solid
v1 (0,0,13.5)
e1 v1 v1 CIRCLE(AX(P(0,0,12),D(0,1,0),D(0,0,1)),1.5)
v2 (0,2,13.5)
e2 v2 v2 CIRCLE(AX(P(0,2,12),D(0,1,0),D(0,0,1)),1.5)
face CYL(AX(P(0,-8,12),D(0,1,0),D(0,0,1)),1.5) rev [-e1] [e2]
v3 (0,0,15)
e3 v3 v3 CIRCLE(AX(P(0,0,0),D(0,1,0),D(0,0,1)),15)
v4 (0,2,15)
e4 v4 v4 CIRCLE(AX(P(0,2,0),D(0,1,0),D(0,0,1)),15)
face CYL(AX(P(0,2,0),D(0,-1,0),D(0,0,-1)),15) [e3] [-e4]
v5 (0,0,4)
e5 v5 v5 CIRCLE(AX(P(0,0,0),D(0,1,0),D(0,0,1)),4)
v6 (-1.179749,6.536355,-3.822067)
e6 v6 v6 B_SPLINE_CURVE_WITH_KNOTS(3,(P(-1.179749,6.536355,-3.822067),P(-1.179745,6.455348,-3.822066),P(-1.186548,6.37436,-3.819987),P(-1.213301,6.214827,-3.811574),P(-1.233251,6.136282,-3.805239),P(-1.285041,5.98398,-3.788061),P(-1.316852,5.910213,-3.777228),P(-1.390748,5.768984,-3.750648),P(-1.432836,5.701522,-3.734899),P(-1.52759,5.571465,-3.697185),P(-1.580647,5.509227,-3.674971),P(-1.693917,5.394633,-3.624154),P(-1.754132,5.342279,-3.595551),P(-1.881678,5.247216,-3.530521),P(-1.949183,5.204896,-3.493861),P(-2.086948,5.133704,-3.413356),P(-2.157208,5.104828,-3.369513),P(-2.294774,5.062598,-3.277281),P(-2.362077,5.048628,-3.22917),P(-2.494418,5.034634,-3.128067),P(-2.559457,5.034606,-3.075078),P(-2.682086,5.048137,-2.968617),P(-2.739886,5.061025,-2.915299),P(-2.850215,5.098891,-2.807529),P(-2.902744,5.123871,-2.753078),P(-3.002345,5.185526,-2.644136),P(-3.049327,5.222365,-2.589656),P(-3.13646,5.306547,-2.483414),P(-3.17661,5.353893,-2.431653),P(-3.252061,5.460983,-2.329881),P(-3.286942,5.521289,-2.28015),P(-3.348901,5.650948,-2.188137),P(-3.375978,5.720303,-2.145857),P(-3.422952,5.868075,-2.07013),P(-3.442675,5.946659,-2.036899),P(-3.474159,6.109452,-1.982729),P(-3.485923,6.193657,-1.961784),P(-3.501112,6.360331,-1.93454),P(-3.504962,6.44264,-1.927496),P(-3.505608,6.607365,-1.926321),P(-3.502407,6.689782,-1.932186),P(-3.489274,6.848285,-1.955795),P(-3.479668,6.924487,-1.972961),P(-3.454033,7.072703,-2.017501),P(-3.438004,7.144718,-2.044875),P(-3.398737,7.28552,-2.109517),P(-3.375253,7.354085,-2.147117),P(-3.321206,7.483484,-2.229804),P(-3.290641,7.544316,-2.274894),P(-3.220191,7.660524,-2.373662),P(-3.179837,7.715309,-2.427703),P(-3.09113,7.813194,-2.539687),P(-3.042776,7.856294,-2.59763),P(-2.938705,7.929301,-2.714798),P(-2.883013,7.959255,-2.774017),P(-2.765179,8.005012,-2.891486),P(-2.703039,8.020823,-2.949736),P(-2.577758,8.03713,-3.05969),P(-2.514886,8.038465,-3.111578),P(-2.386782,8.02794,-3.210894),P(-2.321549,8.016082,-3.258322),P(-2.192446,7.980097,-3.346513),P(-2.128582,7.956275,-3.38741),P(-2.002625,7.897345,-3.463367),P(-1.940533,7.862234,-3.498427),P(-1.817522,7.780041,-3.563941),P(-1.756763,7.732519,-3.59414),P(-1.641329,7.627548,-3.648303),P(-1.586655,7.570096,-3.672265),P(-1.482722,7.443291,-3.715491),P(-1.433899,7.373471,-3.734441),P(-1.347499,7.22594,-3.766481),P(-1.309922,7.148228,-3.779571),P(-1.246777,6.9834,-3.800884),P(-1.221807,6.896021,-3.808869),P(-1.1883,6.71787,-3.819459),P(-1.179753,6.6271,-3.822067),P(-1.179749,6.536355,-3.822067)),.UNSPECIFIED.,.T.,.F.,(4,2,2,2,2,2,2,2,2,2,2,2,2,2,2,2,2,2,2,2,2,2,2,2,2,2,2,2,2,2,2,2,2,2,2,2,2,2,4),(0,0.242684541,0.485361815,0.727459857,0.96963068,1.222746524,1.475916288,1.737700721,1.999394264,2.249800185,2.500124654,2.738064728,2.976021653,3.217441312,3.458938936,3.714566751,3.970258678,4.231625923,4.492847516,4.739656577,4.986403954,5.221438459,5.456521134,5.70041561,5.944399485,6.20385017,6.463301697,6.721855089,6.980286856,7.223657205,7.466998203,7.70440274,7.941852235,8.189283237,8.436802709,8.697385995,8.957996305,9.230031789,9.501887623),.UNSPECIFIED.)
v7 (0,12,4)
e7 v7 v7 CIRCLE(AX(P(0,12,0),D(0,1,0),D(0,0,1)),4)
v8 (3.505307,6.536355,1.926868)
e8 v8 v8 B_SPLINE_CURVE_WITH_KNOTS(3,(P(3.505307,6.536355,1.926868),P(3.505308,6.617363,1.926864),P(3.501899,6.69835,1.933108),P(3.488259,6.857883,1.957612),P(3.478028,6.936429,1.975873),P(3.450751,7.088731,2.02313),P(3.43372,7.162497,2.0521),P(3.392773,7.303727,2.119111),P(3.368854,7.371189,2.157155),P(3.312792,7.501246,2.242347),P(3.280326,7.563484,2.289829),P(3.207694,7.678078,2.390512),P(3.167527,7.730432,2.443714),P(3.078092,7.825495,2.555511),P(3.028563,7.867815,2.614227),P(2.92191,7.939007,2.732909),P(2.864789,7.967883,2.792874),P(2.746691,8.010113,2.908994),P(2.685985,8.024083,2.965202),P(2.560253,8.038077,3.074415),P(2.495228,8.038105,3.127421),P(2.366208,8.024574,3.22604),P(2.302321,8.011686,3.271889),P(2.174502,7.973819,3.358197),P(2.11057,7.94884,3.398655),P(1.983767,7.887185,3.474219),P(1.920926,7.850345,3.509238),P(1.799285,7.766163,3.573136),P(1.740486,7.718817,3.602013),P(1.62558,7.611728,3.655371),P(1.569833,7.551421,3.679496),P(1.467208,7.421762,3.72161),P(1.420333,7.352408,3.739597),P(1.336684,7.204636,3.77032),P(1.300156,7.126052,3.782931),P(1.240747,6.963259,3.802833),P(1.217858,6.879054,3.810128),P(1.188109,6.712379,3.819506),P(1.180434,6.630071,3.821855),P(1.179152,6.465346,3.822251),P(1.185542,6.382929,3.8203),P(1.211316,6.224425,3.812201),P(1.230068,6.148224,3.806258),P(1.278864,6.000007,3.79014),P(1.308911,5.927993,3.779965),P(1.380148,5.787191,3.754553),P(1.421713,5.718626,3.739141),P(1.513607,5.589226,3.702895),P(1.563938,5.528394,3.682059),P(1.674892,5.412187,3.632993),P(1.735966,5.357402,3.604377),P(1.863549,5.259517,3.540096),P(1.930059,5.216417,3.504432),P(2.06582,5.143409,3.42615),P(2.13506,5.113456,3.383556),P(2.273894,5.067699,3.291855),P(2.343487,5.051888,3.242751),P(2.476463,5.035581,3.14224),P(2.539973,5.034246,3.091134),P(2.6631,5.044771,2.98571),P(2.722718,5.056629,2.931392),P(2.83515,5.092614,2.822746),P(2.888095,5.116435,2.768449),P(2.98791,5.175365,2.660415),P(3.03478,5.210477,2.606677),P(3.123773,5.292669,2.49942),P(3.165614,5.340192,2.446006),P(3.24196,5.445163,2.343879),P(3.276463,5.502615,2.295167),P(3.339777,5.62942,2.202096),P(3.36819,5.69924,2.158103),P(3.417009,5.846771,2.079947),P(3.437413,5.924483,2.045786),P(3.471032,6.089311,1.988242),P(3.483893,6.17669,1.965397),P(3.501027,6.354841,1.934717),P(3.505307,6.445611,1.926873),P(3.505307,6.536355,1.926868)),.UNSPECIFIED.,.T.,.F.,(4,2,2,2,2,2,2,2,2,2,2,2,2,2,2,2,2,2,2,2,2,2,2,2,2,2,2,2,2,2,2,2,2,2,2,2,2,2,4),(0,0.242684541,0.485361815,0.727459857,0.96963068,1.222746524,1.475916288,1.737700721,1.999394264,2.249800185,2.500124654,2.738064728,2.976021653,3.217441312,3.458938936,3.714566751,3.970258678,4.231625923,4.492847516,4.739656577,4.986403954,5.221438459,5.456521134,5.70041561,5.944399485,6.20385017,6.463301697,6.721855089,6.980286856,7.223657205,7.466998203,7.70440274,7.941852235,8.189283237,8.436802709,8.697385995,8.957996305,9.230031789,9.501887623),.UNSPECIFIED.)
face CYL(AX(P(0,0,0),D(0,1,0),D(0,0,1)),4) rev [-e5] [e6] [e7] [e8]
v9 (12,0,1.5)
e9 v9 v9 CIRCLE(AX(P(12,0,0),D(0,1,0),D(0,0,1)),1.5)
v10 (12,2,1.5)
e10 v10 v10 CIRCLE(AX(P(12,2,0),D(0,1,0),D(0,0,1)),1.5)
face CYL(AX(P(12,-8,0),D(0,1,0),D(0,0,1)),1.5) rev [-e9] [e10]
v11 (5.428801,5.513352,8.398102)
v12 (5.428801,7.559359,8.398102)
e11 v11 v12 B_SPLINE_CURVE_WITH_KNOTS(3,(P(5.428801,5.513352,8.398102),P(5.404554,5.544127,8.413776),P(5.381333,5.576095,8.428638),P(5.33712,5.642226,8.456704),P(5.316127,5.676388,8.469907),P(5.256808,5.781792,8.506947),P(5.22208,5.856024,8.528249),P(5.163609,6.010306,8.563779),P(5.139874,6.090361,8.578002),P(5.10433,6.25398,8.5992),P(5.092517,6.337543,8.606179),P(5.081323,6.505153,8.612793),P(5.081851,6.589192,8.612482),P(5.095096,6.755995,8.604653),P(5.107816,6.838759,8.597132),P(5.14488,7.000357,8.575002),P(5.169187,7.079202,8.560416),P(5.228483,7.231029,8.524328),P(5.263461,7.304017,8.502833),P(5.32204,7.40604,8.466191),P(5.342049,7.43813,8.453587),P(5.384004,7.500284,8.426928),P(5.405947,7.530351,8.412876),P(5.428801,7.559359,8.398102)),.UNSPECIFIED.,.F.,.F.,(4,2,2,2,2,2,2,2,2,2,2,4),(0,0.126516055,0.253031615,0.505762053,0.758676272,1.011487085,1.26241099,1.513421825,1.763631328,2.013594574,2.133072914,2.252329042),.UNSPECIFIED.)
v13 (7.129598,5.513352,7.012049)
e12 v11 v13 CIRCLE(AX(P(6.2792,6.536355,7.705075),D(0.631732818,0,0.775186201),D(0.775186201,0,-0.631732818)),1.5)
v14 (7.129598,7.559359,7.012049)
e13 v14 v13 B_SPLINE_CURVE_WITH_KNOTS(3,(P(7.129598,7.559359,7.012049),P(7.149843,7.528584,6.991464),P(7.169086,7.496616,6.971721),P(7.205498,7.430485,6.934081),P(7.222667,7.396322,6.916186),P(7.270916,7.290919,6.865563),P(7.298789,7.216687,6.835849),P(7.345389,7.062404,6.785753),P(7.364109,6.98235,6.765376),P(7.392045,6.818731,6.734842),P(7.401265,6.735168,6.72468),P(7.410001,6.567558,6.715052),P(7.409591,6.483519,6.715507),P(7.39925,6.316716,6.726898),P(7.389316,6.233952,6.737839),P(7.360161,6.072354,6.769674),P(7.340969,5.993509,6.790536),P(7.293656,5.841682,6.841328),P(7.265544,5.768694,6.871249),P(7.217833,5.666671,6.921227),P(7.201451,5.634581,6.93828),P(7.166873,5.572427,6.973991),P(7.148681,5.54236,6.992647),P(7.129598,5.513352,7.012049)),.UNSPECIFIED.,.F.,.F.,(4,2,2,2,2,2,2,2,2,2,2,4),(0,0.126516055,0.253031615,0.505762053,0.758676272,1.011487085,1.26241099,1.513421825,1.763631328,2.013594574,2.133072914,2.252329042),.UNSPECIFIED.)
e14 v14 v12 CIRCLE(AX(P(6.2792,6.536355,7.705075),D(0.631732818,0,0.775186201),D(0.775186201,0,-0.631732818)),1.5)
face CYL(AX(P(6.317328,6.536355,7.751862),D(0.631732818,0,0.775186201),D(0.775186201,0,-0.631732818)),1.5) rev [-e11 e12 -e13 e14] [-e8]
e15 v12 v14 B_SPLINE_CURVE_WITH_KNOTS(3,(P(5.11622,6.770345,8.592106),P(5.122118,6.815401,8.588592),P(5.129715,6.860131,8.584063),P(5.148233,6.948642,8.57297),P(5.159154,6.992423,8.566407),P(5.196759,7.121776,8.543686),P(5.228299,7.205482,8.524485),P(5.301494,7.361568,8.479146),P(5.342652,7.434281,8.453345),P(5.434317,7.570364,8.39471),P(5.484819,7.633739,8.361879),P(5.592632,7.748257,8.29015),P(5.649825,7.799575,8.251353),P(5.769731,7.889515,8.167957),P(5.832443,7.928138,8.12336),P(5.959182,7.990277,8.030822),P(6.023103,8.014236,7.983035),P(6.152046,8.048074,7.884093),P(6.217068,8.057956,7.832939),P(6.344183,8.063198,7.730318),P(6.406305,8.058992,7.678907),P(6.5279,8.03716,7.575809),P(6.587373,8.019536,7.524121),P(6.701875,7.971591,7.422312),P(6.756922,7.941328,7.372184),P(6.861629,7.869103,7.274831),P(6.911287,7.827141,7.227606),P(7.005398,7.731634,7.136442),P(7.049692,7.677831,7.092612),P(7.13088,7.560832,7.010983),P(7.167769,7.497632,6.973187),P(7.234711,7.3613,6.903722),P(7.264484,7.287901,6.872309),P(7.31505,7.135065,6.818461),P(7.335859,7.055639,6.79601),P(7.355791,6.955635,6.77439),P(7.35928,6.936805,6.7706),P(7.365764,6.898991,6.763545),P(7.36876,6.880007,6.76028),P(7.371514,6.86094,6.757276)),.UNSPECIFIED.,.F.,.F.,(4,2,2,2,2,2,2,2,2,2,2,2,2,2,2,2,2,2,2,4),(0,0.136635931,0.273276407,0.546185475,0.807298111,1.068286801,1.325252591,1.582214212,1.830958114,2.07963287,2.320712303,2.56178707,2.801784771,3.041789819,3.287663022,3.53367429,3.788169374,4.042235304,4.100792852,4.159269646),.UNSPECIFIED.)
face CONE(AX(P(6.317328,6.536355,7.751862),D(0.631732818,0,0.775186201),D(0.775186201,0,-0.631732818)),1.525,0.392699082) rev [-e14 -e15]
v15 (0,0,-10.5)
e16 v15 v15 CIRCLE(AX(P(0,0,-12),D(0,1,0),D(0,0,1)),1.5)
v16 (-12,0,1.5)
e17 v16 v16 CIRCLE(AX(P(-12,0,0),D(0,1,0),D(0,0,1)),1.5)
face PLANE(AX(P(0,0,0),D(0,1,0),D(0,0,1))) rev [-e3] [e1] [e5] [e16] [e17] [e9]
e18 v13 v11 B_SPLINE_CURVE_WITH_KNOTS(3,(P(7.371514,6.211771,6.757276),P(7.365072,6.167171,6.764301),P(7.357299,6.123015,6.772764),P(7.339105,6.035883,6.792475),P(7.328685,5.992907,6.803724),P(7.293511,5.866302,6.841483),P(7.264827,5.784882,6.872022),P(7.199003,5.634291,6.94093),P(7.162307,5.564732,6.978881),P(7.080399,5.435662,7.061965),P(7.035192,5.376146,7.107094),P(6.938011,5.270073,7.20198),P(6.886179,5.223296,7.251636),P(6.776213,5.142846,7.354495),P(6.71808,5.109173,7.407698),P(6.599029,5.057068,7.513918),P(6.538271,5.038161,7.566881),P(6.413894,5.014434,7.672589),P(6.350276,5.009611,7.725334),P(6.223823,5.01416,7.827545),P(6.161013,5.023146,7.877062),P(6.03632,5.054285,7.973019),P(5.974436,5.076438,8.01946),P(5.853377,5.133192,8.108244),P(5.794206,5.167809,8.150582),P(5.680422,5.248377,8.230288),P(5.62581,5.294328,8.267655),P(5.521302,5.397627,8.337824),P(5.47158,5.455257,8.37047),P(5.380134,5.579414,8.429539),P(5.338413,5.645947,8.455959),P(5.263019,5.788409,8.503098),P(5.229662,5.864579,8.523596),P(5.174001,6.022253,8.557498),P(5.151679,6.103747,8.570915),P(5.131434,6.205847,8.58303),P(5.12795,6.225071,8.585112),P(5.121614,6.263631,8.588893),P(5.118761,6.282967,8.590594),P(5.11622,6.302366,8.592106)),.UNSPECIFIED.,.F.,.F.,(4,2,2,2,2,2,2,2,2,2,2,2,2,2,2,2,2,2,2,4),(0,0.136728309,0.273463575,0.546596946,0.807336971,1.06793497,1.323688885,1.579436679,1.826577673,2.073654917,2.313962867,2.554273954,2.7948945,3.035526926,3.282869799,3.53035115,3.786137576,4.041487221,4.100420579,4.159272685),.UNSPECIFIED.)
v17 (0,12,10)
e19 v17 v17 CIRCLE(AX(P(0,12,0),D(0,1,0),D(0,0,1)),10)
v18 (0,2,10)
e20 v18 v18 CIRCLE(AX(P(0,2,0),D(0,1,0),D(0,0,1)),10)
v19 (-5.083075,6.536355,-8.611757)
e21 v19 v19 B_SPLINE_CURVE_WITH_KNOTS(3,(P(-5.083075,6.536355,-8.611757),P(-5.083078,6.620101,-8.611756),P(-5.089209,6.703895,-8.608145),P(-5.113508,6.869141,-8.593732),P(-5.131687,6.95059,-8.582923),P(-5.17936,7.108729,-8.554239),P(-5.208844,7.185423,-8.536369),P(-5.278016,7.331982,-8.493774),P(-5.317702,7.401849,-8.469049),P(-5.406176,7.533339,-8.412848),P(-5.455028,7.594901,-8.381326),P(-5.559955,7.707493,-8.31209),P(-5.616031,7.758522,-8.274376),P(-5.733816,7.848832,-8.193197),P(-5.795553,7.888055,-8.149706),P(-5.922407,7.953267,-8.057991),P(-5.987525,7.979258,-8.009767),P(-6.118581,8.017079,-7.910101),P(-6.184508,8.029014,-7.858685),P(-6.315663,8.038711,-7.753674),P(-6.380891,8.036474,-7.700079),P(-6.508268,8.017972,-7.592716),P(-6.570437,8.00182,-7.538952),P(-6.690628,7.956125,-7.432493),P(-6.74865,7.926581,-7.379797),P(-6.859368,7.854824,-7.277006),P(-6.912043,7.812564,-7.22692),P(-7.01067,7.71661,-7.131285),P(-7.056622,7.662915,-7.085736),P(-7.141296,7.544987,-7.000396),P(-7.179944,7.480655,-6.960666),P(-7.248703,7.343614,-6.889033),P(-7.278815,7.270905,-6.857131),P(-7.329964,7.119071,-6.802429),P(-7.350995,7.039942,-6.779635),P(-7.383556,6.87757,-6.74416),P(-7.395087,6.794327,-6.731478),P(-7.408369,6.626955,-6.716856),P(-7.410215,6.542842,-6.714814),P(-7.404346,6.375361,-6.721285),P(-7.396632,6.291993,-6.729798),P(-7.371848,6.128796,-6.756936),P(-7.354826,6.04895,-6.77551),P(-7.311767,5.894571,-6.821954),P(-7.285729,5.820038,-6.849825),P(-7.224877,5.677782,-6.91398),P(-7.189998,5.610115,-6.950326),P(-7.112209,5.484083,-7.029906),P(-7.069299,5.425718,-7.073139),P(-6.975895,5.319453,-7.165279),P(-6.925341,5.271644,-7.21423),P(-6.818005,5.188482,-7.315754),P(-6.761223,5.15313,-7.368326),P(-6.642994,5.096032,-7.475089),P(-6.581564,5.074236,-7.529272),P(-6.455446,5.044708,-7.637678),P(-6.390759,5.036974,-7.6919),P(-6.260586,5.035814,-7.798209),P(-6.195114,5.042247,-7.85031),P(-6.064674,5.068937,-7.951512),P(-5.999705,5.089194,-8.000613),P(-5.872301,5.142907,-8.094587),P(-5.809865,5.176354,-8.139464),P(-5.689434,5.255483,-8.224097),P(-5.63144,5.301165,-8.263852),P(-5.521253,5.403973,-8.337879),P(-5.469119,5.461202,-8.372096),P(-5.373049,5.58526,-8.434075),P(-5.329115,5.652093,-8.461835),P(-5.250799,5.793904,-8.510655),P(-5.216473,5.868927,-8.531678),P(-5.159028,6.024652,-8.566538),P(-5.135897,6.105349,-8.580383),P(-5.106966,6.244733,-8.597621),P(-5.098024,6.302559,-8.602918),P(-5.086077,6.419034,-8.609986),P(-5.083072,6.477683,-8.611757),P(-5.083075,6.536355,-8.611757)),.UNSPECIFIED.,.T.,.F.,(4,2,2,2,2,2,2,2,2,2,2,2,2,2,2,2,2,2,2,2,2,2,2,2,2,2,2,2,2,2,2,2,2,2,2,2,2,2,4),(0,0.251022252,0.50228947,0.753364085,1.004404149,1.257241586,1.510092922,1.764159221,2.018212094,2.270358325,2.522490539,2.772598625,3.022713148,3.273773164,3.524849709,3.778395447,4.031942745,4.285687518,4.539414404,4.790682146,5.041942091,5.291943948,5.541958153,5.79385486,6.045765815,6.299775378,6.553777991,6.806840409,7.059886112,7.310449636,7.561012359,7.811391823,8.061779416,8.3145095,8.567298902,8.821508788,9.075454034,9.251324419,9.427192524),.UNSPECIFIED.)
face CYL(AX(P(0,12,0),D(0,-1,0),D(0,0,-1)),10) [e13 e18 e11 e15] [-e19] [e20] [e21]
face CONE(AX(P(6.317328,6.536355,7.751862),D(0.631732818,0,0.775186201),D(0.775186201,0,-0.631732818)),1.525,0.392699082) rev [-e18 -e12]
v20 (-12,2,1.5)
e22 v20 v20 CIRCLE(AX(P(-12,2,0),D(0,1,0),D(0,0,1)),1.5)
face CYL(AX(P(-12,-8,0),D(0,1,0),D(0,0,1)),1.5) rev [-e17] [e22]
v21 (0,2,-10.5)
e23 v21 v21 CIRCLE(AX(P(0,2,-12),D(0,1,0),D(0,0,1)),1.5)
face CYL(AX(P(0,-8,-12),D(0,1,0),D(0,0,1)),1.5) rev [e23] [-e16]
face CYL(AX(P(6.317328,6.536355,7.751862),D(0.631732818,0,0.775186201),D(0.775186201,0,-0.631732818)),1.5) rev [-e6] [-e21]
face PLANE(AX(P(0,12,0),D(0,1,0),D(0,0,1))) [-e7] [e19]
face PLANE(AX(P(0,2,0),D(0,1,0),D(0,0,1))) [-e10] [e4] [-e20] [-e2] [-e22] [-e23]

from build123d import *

# Parameters (mm, degrees)
SKETCH1_R                          = 15
BOSS_EXTRUDE1_DEPTH                = 2
SKETCH2_R                          = 10
BOSS_EXTRUDE2_DEPTH                = 10
SKETCH3_R                          = 4
CUT_EXTRUDE1_DEPTH                 = 25.372115214
SKETCH4_R                          = 1.5
CUT_EXTRUDE2_DEPTH                 = 10
F_3_0_3_DIAMETER_HOLE2_D           = 3
F_3_0_3_DIAMETER_HOLE2_CSINK_D     = 3.05
F_3_0_3_DIAMETER_HOLE2_CSINK_ANGLE = 45


with BuildPart() as part:
    # Sketch1 → Boss-Extrude1 (new body)
    with BuildSketch(Plane(origin=(0, 0, 0), x_dir=(1, 0, 0), z_dir=(0, 1, 0))):
        with Locations(Location((0, 0, 0), (0, 0, 270))):
            Circle(SKETCH1_R)
    extrude(amount=BOSS_EXTRUDE1_DEPTH)

    # Sketch2 → Boss-Extrude2 (add)
    with BuildSketch(Plane(origin=(0, 2, 0), x_dir=(1, 0, 0), z_dir=(0, 1, 0))):
        with Locations(Location((0, 0, 0), (0, 0, 270))):
            Circle(SKETCH2_R)
    extrude(amount=BOSS_EXTRUDE2_DEPTH)

    # Sketch3 → Cut-Extrude1 (cut, through all)
    with BuildSketch(Plane(origin=(0, 12, 0), x_dir=(1, 0, 0), z_dir=(0, 1, 0))):
        with Locations(Location((0, 0, 0), (0, 0, 270))):
            Circle(SKETCH3_R)
    extrude(amount=-CUT_EXTRUDE1_DEPTH, mode=Mode.SUBTRACT)

    # Sketch4 → Cut-Extrude2 (cut)
    with BuildSketch(Plane(origin=(0, 2, 0), x_dir=(1, 0, 0), z_dir=(0, 1, 0))):
        with Locations(Location((-12, 0, 0), (0, 0, 270))):
            Circle(SKETCH4_R)
        with Locations(Location((0, 12, 0), (0, 0, 270))):
            Circle(SKETCH4_R)
        with Locations(Location((12, 0, 0), (0, 0, 270))):
            Circle(SKETCH4_R)
        with Locations(Location((0, -12, 0), (0, 0, 270))):
            Circle(SKETCH4_R)
    extrude(amount=-CUT_EXTRUDE2_DEPTH, mode=Mode.SUBTRACT)

    # Ø3.0 (3) Diameter Hole2 (through all)
    with Locations(Plane(origin=(6.317328185, 6.536355403, 7.751862009), x_dir=(0.775186200902, 0, -0.631732818469), z_dir=(0.631732818469, 0, 0.775186200902))):
        with Locations((0, 0)):
            CounterSinkHole(F_3_0_3_DIAMETER_HOLE2_D / 2, F_3_0_3_DIAMETER_HOLE2_CSINK_D / 2, counter_sink_angle=F_3_0_3_DIAMETER_HOLE2_CSINK_ANGLE)


solid = part.part
